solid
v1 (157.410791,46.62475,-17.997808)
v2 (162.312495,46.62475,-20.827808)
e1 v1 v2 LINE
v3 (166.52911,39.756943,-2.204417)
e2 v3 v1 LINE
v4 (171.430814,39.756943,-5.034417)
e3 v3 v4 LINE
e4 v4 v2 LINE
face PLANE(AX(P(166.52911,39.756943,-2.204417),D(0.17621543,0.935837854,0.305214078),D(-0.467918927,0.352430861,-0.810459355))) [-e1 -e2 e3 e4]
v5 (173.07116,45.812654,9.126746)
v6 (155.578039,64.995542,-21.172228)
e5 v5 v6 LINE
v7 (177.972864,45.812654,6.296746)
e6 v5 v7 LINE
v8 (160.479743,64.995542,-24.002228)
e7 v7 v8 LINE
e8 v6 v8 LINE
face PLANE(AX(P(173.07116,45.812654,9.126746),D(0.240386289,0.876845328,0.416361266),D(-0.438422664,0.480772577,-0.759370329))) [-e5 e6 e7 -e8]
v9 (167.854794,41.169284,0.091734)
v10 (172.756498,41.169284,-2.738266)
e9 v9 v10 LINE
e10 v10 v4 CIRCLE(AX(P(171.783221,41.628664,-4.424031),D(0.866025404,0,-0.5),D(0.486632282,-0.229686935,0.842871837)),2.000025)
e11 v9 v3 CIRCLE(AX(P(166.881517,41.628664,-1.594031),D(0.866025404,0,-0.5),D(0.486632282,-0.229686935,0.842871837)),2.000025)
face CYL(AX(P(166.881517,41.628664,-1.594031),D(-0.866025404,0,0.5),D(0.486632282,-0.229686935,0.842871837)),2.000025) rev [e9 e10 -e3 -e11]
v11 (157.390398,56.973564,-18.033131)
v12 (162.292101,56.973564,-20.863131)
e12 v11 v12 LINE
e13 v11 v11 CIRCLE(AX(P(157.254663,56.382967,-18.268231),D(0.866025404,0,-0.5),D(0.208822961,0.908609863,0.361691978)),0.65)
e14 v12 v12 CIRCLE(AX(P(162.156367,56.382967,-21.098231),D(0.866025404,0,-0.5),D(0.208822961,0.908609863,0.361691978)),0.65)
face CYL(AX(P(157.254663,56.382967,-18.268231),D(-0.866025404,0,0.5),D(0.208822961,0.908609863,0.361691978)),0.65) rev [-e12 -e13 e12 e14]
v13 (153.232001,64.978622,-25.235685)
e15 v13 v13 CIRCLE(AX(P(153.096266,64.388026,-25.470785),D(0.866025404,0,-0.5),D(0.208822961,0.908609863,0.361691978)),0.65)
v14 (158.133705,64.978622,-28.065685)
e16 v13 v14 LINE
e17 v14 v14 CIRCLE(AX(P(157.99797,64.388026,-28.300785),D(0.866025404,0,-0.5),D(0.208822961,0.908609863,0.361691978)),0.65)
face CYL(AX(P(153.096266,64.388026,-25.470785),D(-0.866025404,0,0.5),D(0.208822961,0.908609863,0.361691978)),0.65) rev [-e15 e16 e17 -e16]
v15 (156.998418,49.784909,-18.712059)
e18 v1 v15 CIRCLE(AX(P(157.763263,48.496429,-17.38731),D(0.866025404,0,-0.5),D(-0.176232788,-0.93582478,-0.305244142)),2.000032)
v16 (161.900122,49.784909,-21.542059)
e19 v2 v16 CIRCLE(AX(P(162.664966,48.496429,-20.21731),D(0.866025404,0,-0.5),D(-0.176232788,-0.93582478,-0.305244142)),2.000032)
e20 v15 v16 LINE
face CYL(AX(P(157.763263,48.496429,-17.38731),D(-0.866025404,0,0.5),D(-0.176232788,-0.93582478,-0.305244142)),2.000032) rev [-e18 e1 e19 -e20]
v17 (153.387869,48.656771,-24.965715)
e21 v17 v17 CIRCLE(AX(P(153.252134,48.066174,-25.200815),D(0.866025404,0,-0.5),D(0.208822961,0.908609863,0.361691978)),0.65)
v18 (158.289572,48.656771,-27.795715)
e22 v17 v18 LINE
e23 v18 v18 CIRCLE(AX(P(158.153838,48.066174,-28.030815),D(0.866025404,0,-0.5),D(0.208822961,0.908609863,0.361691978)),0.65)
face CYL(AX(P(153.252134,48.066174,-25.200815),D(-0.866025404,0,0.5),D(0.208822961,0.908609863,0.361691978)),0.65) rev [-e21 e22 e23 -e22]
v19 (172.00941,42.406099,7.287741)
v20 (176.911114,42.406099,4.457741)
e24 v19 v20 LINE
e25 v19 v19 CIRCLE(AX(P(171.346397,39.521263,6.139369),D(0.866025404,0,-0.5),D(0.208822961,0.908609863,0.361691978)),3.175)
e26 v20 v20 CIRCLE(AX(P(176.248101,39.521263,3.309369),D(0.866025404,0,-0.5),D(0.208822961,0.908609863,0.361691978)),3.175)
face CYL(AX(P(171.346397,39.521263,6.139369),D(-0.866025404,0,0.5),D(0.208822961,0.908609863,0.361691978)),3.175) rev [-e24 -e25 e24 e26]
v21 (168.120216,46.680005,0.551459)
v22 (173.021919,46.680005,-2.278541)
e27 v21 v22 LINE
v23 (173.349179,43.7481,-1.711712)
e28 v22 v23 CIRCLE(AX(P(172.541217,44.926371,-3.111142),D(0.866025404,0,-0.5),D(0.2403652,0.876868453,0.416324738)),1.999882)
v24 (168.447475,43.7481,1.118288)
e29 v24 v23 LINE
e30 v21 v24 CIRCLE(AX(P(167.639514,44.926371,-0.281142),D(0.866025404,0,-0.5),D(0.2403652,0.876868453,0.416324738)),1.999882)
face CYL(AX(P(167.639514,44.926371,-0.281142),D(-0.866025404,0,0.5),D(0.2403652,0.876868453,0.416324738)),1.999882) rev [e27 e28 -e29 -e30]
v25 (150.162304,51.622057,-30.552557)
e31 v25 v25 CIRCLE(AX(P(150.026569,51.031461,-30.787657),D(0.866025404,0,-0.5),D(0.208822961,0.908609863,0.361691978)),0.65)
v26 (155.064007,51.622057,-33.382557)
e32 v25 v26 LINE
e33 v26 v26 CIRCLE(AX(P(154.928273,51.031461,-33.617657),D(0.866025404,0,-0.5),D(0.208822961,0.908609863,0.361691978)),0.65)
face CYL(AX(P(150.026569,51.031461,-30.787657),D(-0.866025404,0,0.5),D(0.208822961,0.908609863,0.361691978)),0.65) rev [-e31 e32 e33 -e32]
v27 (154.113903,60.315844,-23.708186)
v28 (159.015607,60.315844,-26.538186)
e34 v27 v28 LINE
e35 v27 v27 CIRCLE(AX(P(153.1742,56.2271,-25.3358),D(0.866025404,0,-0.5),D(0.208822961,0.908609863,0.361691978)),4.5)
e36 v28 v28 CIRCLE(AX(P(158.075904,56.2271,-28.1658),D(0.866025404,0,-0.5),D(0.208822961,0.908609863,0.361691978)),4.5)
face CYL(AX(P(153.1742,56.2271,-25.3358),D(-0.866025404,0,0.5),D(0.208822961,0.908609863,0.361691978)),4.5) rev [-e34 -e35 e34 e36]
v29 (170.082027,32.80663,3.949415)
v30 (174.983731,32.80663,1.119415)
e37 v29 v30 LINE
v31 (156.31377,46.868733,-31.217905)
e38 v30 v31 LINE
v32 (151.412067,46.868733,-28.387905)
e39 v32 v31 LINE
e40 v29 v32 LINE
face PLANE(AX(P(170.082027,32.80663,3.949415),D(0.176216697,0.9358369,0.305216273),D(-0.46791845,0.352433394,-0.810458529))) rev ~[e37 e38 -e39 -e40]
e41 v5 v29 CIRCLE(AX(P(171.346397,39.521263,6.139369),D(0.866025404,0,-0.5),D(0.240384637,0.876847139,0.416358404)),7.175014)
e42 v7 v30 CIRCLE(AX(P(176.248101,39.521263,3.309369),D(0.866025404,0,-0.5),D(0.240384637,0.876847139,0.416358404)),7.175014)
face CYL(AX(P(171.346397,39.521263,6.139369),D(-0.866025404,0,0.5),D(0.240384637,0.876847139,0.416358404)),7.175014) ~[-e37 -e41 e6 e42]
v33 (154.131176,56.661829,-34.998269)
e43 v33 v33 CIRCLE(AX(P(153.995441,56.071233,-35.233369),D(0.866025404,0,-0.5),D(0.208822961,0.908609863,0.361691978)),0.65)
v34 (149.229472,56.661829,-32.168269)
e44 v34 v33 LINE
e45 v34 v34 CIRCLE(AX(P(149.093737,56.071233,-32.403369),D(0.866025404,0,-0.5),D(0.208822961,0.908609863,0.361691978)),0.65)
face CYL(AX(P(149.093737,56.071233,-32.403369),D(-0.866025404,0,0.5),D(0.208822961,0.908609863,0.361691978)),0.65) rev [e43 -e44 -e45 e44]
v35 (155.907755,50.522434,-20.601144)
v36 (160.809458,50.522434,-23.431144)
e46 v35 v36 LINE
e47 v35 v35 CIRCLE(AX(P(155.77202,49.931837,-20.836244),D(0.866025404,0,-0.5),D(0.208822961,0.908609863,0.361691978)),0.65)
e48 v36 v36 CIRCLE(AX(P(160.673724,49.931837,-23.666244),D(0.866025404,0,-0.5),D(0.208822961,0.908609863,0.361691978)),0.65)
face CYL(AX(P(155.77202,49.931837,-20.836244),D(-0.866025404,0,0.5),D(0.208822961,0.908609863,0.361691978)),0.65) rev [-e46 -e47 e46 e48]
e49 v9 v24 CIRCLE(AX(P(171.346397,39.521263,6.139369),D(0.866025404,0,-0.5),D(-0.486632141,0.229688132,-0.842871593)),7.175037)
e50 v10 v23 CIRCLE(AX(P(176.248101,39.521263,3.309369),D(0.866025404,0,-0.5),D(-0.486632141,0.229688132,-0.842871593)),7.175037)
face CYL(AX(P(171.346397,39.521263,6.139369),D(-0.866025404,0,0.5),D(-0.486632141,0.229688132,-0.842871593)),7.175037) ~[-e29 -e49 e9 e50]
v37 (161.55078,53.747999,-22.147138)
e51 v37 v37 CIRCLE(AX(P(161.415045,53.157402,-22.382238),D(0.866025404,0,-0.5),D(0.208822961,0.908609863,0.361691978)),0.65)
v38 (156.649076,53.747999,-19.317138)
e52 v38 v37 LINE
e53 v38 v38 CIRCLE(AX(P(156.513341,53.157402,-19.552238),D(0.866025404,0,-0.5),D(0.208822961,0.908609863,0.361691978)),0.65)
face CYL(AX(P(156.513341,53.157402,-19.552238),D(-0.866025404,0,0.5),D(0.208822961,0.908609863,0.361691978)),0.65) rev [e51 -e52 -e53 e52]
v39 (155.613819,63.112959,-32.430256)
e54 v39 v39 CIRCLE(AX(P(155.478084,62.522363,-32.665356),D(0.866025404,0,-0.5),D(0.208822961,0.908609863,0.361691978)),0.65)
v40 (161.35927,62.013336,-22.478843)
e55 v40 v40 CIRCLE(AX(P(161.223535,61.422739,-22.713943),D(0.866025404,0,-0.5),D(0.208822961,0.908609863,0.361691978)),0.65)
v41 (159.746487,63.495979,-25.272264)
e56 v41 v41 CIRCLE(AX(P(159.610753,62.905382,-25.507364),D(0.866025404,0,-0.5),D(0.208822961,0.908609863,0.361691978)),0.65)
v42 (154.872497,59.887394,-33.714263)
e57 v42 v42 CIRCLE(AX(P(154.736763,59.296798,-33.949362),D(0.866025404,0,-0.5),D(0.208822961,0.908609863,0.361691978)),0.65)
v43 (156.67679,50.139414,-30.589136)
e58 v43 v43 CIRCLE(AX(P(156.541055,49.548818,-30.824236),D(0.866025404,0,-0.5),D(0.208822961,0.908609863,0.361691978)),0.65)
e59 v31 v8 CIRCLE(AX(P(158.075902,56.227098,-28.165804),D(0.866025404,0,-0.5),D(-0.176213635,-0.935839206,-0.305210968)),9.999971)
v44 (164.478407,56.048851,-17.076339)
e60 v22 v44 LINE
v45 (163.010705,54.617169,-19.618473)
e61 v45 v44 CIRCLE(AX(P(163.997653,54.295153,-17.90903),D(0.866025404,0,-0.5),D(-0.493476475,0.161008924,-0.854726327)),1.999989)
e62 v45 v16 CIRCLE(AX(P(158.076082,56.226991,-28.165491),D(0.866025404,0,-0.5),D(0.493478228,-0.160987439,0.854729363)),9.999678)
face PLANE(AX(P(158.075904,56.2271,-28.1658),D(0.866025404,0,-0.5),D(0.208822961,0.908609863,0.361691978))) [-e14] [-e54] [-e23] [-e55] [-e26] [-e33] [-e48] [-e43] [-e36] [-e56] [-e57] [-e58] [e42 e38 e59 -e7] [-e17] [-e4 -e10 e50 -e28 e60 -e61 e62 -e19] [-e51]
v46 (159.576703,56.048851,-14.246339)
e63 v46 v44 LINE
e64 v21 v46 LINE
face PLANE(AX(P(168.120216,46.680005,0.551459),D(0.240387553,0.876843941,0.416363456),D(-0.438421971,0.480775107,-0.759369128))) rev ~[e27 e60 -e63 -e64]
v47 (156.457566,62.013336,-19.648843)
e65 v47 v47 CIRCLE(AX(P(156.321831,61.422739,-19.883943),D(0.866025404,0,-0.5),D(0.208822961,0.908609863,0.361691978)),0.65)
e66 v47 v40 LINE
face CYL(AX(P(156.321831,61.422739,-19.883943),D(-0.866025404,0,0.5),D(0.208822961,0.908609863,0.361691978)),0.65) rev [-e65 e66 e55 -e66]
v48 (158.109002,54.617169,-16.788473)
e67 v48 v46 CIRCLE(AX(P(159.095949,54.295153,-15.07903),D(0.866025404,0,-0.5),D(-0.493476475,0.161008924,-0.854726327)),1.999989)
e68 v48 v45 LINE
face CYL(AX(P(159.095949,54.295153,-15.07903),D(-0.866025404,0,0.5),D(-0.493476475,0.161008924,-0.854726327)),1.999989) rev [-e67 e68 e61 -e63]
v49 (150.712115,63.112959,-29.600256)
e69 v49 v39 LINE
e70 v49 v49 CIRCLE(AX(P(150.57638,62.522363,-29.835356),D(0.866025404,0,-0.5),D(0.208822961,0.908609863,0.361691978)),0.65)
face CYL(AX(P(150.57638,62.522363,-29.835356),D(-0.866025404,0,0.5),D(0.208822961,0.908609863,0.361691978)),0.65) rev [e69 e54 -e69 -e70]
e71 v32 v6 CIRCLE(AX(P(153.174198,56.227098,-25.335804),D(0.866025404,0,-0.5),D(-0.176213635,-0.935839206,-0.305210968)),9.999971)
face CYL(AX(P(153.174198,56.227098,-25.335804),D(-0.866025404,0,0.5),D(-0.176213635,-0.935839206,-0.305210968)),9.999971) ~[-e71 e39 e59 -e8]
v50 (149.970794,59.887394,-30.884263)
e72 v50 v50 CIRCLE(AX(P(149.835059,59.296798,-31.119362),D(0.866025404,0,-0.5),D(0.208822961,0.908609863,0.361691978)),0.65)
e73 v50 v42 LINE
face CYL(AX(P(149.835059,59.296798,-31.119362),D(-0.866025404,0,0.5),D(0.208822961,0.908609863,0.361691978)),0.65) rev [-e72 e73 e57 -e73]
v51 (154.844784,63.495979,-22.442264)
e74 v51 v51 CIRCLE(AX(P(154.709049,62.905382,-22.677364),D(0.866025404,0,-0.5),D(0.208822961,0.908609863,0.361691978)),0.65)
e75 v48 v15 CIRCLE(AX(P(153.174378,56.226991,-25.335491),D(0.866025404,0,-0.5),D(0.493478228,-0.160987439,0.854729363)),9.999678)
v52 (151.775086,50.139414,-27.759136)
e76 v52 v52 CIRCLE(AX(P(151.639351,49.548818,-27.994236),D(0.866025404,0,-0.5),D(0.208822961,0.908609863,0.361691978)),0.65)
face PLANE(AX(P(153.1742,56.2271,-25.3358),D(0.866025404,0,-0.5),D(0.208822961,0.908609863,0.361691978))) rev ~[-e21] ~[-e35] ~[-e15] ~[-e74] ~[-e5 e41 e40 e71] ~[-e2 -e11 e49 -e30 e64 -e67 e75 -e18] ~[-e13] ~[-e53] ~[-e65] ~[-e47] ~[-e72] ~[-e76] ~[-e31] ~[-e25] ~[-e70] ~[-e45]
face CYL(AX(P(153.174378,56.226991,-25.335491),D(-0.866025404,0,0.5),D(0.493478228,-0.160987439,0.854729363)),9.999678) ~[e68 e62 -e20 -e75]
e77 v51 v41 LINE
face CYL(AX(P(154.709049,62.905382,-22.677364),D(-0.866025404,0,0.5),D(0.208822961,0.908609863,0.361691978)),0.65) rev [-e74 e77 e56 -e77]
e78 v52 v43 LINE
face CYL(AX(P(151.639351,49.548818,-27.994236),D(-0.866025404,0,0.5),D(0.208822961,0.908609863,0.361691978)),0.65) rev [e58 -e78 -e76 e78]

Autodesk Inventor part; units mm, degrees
ref_plane "YZ Plane" through (0, 0, 0) normal (1, 0, 0) x (0, 1, 0)
ref_plane "XZ Plane" through (0, 0, 0) normal (0, 1, 0) x (-1, 0, 0)
ref_plane "XY Plane" through (0, 0, 0) normal (0, 0, 1) x (1, 0, 0)
ref_plane "Work Plane3" through (153.1742, 56.2271, -25.3358) normal (0.866, 0, -0.5) x (0.2088, 0.9086, 0.3617)
sketch "Sketch1" plane through (153.1742, 56.2271, -25.3358) normal (0.866, 0, -0.5) x (0.2088, 0.9086, 0.3617)
  circle A0 centre (0, 40) radius 3.175
  circle A1 centre (0, 0) radius 4.5
  circle A2 centre (0, 7.35) radius 0.65
  circle A3 centre (3.55, 7.35) radius 0.65
  circle A4 centre (-3.55, 7.35) radius 0.65
  line L0 (-7.1571, 40.5067) -> (-9.975, 0.7063)
  line L1 (7.1571, 40.5067) -> (9.975, 0.7062)
  line L2 (-3.8097, 31.1475) -> (-5.186, 11.7092)
  line L3 (3.8097, 31.1475) -> (5.186, 11.7092)
  arc A5 (-1.4191, 32.9667) -> (1.4191, 32.9667) centre (0, 40) ccw
  arc A6 (7.1571, 40.5067) -> (-7.1571, 40.5067) centre (0, 40) ccw
  arc A7 (-9.975, 0.7063) -> (9.975, 0.7062) centre (0, 0) ccw
  arc A8 (2.6592, 9.64) -> (-2.6591, 9.64) centre (0, 0) ccw
  arc A9 (-5.186, 11.7092) -> (-2.6591, 9.64) centre (-3.191, 11.568) ccw
  arc A10 (2.6592, 9.64) -> (5.186, 11.7092) centre (3.191, 11.568) ccw
  arc A11 (-1.4191, 32.9667) -> (-3.8097, 31.1475) centre (-1.8147, 31.0063) ccw
  arc A12 (3.8097, 31.1475) -> (1.4191, 32.9667) centre (1.8147, 31.0063) ccw
  circle A13 centre (-7.35, 0) radius 0.65
  circle A14 centre (-7.35, 3.55) radius 0.65
  circle A15 centre (-7.35, -3.55) radius 0.65
  circle A16 centre (0, -7.35) radius 0.65
  circle A17 centre (-3.55, -7.35) radius 0.65
  circle A18 centre (3.55, -7.35) radius 0.65
  circle A19 centre (7.35, 0) radius 0.65
  circle A20 centre (7.35, -3.55) radius 0.65
  circle A21 centre (7.35, 3.55) radius 0.65
  point P0 (-73.9118, -26.1665)
  point P1 (-3.6215, 33.806)
  point P2 (-5.42, 8.4038)
  point P3 (3.6215, 33.806)
  point P4 (5.42, 8.4038)
  dimension "d0" = 40
  dimension "d1" = 9
  dimension "d2" = 1.3
  dimension "d3" = 7.35
  dimension "d4" = 1.3
  dimension "d5" = 1.3
  dimension "d6" = 6.35
  dimension "d8" = 4
  dimension "d9" = 4
  dimension "d10" = 2
  dimension "d13" = 360
extrude "Extrusion1" add sketch "Sketch1" along normal blind 5.66
properties part number "Upper ArmV"
